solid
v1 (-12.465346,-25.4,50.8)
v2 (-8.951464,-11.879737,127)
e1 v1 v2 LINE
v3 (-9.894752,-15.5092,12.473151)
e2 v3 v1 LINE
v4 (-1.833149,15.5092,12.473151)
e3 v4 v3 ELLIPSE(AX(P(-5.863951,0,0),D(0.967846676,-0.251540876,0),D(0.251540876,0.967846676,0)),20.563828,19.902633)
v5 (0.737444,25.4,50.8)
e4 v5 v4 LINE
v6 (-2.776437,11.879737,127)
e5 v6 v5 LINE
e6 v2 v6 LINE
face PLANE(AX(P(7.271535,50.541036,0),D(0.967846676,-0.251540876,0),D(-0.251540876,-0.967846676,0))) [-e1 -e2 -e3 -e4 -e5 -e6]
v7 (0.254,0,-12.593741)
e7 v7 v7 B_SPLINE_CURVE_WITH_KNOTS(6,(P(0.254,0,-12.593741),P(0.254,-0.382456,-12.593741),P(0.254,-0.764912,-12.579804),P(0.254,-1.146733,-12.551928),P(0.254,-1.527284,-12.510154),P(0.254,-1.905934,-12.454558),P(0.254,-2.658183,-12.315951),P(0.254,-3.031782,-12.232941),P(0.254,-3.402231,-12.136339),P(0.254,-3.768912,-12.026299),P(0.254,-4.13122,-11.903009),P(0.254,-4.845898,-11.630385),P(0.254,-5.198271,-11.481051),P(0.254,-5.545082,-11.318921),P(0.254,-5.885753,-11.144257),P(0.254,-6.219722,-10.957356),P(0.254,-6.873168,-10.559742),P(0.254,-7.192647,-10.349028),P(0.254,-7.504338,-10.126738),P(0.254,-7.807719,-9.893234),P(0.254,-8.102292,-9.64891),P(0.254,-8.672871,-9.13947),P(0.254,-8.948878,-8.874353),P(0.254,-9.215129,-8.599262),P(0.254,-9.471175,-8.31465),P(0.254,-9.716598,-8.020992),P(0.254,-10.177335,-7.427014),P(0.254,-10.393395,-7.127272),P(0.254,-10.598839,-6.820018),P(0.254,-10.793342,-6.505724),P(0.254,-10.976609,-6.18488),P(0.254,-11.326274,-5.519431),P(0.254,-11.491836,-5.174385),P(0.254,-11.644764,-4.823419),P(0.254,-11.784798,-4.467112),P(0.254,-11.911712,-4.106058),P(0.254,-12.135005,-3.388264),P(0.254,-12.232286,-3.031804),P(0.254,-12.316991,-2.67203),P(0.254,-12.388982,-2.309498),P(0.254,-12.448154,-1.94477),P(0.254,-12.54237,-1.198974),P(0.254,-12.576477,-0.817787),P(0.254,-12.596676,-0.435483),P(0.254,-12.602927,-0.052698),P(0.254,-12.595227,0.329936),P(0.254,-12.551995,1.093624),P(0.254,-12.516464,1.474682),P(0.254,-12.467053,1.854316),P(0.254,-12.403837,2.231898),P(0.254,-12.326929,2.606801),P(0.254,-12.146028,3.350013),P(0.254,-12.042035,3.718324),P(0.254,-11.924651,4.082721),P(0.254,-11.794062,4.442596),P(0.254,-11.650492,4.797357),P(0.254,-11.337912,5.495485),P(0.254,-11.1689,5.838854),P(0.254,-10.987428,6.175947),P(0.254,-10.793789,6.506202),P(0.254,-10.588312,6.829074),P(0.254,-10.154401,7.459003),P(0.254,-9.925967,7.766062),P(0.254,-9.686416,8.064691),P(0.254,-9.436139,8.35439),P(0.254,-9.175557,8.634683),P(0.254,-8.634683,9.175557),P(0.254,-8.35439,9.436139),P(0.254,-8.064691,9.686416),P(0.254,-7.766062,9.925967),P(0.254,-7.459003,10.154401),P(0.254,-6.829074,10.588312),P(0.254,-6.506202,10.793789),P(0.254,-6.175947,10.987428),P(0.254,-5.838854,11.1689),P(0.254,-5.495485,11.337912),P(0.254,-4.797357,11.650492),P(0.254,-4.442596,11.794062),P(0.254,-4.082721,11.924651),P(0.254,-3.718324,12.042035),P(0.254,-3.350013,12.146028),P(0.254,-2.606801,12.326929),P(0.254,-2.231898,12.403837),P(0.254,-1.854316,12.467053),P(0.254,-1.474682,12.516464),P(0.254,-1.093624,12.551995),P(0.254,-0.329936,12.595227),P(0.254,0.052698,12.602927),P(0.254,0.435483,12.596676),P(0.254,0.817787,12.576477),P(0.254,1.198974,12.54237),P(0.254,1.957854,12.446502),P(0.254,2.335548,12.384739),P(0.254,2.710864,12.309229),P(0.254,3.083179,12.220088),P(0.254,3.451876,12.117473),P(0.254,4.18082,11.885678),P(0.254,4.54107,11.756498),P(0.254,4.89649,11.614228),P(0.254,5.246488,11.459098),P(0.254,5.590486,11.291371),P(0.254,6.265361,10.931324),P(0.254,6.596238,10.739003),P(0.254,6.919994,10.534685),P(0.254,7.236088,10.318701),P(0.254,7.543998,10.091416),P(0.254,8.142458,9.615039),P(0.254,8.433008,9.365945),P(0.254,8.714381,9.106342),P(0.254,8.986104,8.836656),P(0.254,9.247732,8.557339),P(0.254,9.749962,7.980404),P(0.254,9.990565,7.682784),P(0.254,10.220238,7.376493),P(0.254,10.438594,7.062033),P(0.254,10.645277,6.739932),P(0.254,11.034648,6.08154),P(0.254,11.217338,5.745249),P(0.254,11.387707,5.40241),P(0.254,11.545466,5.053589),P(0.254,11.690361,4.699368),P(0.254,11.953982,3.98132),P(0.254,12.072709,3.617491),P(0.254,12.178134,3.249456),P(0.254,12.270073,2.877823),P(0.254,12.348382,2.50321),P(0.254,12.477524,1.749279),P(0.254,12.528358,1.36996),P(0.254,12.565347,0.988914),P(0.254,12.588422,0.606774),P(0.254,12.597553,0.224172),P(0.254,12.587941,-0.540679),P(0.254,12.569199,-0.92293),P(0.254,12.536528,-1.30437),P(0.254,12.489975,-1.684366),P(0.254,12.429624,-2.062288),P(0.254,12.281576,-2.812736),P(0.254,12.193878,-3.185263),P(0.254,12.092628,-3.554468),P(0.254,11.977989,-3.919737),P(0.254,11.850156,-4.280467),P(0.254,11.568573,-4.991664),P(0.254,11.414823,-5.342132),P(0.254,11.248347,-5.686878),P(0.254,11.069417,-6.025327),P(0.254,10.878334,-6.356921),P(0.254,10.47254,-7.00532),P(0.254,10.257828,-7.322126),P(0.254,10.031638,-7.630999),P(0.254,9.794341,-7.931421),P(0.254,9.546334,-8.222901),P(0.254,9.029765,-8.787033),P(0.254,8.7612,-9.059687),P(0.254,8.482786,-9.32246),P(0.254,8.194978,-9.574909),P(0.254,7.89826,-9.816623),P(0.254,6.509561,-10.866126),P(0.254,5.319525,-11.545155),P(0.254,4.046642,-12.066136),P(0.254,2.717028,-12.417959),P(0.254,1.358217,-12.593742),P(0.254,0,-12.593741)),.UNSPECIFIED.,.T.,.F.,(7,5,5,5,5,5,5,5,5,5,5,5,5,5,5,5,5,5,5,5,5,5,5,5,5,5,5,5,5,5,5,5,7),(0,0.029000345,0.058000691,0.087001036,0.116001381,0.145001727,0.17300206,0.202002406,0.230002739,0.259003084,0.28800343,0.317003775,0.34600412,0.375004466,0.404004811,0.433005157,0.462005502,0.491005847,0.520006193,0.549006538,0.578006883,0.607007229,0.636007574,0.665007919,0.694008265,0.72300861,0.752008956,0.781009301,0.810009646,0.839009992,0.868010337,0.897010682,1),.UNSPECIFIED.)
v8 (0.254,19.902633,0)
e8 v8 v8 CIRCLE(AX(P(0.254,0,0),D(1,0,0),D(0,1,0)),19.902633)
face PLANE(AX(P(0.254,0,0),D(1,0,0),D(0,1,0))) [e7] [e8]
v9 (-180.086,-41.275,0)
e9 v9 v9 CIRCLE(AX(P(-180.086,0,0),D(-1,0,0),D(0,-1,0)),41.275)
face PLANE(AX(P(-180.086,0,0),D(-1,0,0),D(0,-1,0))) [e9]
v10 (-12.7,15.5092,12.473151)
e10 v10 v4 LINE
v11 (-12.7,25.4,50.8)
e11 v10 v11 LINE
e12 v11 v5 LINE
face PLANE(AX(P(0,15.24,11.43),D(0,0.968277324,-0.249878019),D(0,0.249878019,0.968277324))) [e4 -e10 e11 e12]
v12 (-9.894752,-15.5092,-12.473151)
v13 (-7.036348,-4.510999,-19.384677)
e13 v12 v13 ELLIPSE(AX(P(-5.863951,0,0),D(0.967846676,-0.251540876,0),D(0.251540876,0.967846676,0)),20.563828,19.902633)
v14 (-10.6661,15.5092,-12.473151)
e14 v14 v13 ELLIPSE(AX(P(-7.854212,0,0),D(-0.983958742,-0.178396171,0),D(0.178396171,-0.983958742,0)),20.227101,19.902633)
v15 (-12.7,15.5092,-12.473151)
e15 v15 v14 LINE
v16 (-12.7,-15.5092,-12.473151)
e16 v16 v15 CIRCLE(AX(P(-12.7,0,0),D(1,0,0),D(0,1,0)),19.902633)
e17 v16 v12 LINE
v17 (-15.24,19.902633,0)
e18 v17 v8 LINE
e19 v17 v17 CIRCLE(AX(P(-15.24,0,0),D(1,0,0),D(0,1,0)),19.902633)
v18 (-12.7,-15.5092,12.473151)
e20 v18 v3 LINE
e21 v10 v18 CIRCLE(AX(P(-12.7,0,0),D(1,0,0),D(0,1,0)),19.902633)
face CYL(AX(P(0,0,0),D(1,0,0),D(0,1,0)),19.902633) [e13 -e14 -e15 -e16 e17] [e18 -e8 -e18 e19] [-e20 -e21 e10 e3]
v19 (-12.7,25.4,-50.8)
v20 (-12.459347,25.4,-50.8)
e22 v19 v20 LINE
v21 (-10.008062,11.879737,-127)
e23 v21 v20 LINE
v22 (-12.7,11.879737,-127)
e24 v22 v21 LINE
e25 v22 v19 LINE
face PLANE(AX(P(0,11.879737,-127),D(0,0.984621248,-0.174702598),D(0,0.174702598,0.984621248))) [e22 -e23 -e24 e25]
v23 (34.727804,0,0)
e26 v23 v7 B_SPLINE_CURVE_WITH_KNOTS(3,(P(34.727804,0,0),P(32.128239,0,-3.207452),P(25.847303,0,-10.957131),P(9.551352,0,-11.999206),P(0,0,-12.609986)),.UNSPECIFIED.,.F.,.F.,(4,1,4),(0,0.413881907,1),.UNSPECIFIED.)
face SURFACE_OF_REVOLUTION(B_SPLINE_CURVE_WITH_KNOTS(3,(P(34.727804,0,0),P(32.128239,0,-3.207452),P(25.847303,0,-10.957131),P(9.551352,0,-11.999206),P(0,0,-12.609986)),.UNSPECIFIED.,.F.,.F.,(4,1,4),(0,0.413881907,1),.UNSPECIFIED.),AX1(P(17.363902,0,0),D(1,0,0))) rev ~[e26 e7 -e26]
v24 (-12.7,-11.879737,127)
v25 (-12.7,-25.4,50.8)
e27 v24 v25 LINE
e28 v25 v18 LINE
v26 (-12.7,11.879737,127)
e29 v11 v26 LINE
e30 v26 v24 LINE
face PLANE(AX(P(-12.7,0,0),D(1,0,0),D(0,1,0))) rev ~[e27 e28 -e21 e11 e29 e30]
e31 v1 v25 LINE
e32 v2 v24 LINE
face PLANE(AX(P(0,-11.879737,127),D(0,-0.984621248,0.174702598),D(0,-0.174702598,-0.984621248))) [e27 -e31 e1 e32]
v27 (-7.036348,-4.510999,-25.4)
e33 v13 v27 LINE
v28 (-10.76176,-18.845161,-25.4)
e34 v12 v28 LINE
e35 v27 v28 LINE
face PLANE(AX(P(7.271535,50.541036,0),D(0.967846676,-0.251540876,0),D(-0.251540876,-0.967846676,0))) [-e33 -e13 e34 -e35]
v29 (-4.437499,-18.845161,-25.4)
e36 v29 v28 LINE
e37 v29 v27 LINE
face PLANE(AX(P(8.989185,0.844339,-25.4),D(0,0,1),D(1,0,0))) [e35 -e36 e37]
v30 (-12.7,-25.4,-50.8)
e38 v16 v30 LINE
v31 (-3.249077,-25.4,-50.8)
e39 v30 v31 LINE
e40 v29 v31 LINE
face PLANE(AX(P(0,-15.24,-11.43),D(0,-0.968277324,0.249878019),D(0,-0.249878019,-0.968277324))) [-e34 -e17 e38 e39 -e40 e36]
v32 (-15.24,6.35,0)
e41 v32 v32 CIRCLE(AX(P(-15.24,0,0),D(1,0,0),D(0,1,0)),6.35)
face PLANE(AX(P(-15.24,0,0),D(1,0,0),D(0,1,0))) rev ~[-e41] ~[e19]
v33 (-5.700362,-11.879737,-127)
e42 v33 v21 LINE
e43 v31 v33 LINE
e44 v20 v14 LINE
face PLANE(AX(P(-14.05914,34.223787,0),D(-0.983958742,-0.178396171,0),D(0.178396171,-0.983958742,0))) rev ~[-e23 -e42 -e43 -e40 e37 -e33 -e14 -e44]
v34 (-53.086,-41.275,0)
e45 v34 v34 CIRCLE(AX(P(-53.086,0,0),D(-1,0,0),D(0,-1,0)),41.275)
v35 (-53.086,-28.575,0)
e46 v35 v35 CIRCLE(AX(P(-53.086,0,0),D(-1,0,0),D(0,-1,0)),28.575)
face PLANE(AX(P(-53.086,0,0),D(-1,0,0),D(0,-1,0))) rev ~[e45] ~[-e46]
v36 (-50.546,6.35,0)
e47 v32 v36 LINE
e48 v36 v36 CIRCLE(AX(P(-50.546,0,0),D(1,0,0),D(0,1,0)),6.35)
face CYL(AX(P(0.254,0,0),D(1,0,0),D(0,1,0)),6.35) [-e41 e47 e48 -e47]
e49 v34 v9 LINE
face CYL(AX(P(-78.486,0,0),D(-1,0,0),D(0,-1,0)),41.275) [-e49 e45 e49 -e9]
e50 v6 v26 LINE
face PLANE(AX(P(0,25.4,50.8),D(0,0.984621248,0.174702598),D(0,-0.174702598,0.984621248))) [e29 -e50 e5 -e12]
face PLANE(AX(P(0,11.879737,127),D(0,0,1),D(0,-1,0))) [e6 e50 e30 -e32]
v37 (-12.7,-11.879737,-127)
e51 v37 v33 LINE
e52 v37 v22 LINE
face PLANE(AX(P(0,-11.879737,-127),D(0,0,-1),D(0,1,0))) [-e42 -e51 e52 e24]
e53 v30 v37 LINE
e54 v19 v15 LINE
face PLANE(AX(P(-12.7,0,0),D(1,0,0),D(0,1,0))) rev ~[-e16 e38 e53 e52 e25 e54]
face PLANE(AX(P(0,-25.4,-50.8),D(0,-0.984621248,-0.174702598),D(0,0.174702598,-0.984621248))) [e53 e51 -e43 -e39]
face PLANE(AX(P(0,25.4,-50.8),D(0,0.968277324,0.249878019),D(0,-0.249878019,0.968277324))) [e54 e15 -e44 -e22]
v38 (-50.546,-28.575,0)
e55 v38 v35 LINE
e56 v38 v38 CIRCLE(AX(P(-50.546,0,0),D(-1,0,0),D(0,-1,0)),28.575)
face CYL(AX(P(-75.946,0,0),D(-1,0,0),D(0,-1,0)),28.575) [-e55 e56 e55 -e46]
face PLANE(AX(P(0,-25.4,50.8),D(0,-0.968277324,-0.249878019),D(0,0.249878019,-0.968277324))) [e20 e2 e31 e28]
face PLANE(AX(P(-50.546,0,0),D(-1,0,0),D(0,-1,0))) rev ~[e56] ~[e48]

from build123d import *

# Parameters (mm, degrees)
F1_DEPTH       = 12.7
F3_DEPTH       = 254
F5_DEPTH       = 254
F5_DEPTH_BACK  = 25.4
F6_R           = 19.9026330237
F7_DEPTH       = 0.254
F7_DEPTH_BACK  = 15.24
F8_R           = 6.35
F9_DEPTH       = 25.4
F10_DEPTH      = 12.7
F10_DEPTH_BACK = 76.2
F11_R          = 28.575
F12_DEPTH      = 2.54
F12_DEPTH_BACK = 25.4
F13_R          = 41.275
F14_DEPTH      = 101.6
F14_DEPTH_BACK = 25.4


with BuildPart() as f1:
    # F0 (on Right) → F1 (new body, symmetric)
    with BuildSketch(Plane.YZ):
        with BuildLine():
            Line((-25.4, 50.8), (-15.24, 11.43))
            ThreePointArc((-15.24, 11.43), (-19.05, 0), (-15.24, -11.43))
            Line((-15.24, -11.43), (-25.4, -50.8))
            Line((-25.4, -50.8), (-11.8797372622, -127))
            Line((-11.8797372622, -127), (0, -127))
            Line((0, -127), (11.8797372622, -127))
            Line((11.8797372622, -127), (25.4, -50.8))
            Line((25.4, -50.8), (15.24, -11.43))
            ThreePointArc((15.24, -11.43), (19.05, 0), (15.24, 11.43))
            Line((15.24, 11.43), (25.4, 50.8))
            Line((25.4, 50.8), (11.8797372622, 127))
            Line((11.8797372622, 127), (0, 127))
            Line((0, 127), (-11.8797372622, 127))
            Line((-11.8797372622, 127), (-25.4, 50.8))
        make_face()
    extrude(amount=F1_DEPTH, both=True)

    # F2 (on Top) → F3 (cut)
    with BuildSketch(Plane.XY):
        Polygon((15.0384465232, 34.2237874866), (-14.059139771, 34.2237874866), (15.0384465232, -126.2663410758), align=None)
    extrude(amount=-F3_DEPTH, mode=Mode.SUBTRACT)

    # F4 (on Top) → F5 (cut, two sides)
    with BuildSketch(Plane.XY) as f5_sk:
        Polygon((7.2715352289, 50.541035831), (-13.9147825539, -30.9769567102), (33.8218561163, -30.9769567102), align=None)
    extrude(amount=F5_DEPTH, mode=Mode.SUBTRACT)
    extrude(f5_sk.sketch, amount=-F5_DEPTH_BACK, mode=Mode.SUBTRACT)

    # F6 (on Right) → F7 (join, two sides)
    with BuildSketch(Plane.YZ) as f7_sk:
        Circle(F6_R)
    extrude(amount=F7_DEPTH)
    extrude(f7_sk.sketch, amount=-F7_DEPTH_BACK)

    # F8 (on face) → F9 (cut)
    with BuildSketch(Plane.YZ.offset(0.254)):
        Circle(F8_R)
    extrude(amount=-F9_DEPTH, mode=Mode.SUBTRACT)

    # F8 (on face) → F10 (join, two sides)
    with BuildSketch(Plane.YZ.offset(0.254)) as f10_sk:
        Circle(F8_R)
    extrude(amount=F10_DEPTH)
    extrude(f10_sk.sketch, amount=-F10_DEPTH_BACK)

    # F11 (on face) → F12 (join, two sides)
    with BuildSketch(Plane(origin=(-75.946, 0, 0), x_dir=(0, -1, 0), z_dir=(-1, 0, 0))) as f12_sk:
        Circle(F11_R)
    extrude(amount=F12_DEPTH)
    extrude(f12_sk.sketch, amount=-F12_DEPTH_BACK)

    # F13 (on face) → F14 (join, two sides)
    with BuildSketch(Plane(origin=(-78.486, 0, 0), x_dir=(0, -1, 0), z_dir=(-1, 0, 0))) as f14_sk:
        Circle(F13_R)
    extrude(amount=F14_DEPTH)
    extrude(f14_sk.sketch, amount=-F14_DEPTH_BACK)

    # F15 (on Front) → F16 (revolve)
    with BuildSketch(Plane.XZ):
        with BuildLine():
            Line((34.7278043628, 0), (0, 0))
            Line((0, 0), (0, -12.609985657))
            add(Edge.make_bspline(
                [(34.7278043628, 0), (32.128238571, -3.207452008), (25.8473025253, -10.9571312029), (9.5513516448, -11.9992064822), (0, -12.609985657)],
                knots=[0, 0, 0, 0, 0.4138819075, 1, 1, 1, 1], degree=3))
        make_face()
    revolve(axis=Axis((17.3639021814, 0, 0), (1, 0, 0)))


solid = f1.part
